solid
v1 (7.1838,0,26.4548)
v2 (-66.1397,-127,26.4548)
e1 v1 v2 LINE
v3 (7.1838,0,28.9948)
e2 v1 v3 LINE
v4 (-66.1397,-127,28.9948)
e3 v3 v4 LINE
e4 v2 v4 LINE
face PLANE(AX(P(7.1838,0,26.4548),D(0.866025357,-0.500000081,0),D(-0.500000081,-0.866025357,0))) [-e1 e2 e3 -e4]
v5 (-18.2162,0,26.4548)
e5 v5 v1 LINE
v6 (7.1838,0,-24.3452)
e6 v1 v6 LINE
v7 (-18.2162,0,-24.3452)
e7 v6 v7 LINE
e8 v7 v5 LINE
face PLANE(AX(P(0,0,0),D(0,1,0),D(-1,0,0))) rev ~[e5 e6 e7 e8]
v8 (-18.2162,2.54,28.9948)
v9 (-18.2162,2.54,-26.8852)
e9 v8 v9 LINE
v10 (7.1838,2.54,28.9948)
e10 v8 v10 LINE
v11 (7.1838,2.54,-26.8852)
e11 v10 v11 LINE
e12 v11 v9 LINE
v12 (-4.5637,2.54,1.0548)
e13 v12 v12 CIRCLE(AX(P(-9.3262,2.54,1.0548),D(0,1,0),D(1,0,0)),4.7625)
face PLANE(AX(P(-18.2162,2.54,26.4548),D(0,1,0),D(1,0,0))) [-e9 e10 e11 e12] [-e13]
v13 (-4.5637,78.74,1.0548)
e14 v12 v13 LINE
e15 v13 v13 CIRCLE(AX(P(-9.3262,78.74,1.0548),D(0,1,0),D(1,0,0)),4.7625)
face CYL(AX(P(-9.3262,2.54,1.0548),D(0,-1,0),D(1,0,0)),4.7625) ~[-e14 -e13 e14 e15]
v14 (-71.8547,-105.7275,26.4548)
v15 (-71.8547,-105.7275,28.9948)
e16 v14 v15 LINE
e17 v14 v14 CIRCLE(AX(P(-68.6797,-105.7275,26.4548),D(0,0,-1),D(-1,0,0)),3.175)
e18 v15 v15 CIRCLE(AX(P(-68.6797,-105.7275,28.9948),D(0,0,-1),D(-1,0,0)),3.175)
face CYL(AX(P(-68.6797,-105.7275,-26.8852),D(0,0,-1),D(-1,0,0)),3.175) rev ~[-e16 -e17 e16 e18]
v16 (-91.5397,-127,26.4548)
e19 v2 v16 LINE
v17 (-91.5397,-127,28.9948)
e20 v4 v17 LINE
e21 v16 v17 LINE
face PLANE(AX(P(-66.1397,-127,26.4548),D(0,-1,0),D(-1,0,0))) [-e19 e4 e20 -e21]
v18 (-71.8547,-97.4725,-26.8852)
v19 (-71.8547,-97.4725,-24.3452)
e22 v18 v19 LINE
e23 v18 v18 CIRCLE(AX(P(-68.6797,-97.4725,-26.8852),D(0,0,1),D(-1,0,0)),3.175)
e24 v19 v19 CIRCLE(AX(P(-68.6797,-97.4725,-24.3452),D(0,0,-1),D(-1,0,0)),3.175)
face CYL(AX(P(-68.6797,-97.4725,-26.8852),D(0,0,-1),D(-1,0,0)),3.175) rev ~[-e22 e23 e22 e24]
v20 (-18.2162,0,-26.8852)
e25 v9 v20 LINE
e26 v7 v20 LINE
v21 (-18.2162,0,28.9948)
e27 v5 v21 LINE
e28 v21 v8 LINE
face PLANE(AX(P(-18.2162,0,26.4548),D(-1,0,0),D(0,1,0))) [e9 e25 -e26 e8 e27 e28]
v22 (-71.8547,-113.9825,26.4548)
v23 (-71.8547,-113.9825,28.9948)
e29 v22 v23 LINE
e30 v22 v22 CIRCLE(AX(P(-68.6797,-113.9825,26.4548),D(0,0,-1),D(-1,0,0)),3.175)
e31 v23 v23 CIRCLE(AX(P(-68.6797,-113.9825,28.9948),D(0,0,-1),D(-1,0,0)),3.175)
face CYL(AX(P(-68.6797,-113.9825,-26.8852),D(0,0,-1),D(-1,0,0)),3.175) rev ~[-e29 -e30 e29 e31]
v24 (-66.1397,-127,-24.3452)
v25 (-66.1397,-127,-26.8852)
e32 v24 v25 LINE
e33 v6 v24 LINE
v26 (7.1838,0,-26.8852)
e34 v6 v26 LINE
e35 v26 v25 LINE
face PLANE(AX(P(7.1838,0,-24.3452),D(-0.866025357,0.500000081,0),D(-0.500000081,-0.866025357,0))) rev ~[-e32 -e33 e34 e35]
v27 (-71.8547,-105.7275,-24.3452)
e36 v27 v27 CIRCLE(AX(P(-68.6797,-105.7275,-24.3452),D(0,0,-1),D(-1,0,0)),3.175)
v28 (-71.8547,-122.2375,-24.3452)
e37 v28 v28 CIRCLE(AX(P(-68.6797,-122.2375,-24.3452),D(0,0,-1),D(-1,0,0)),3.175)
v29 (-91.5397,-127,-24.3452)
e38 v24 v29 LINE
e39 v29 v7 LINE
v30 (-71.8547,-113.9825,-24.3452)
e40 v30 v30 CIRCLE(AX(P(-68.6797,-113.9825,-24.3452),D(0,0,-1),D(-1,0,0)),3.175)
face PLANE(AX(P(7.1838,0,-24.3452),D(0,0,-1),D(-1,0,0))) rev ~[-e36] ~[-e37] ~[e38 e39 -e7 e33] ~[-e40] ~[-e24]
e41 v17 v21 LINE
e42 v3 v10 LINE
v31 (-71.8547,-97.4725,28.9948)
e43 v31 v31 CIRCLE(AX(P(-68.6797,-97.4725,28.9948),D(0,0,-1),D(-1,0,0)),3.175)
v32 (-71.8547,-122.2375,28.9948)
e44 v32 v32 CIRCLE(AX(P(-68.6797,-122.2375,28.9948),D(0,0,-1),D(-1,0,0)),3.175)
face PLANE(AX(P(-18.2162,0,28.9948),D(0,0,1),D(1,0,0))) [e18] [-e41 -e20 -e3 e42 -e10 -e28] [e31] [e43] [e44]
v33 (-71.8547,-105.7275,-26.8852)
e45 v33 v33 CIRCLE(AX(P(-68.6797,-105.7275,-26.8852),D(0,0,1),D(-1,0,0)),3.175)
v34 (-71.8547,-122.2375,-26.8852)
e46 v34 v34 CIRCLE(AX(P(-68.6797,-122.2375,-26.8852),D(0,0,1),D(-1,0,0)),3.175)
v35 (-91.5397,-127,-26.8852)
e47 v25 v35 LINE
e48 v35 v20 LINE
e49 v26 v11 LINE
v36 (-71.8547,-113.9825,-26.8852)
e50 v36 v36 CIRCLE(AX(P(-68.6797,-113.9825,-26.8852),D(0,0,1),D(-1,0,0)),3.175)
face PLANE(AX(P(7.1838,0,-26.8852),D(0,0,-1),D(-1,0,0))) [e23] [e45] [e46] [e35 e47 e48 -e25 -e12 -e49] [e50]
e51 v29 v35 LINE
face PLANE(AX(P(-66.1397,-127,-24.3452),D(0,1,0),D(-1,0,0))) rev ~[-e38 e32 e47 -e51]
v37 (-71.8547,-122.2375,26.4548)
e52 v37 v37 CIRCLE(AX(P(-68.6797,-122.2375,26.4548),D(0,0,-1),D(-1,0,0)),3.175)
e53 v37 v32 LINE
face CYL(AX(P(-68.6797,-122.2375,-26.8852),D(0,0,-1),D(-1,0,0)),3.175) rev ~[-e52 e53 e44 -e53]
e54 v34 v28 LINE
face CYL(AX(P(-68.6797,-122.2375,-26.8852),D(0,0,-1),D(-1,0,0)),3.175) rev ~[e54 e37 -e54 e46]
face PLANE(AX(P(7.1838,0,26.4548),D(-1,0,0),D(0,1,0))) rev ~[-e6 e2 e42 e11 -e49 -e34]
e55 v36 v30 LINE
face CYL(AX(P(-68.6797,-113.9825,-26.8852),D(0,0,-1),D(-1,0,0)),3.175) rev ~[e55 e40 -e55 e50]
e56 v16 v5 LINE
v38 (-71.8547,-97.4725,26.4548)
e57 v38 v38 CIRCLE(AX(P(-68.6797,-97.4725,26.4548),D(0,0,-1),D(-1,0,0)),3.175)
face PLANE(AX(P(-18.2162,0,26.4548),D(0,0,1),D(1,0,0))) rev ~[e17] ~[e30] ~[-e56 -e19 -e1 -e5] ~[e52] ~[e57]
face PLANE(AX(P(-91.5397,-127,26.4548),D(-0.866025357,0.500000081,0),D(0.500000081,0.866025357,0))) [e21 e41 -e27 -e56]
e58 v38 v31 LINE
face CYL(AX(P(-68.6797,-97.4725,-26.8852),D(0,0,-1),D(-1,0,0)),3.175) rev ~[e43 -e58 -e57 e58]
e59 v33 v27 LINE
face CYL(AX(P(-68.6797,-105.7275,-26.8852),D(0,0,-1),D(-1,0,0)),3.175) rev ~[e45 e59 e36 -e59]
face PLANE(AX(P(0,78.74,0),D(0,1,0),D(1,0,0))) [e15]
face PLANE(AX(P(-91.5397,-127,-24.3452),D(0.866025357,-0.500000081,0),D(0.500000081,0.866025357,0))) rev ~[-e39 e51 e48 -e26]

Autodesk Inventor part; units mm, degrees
ref_plane "YZ Plane" through (0, 0, 0) normal (1, 0, 0) x (0, 1, 0)
ref_plane "XZ Plane" through (0, 0, 0) normal (0, 1, 0) x (-1, 0, 0)
ref_plane "XY Plane" through (0, 0, 0) normal (0, 0, 1) x (1, 0, 0)
sketch "Sketch1" plane through (0, 0, 0) normal (0, 1, 0) x (-1, 0, 0)
  line L0 (18.2162, 26.4548) -> (-7.1838, 26.4548)
  line L1 (-7.1838, 26.4548) -> (-7.1838, -24.3452)
  line L2 (-7.1838, -24.3452) -> (18.2162, -24.3452)
  line L3 (18.2162, -24.3452) -> (18.2162, 26.4548)
  point P0 (0, 0)
  dimension "d0" = 50.8
  dimension "d1" = 25.4
extrude "Extrusion1" add sketch "Sketch1" along normal blind 2.54
sketch "Sketch2" plane through (7.1838, 0, -24.3452) normal (0, 0, -1) x (-1, 0, 0)
  line L0 (0, 0) -> (73.3235, -127)
  line L1 (73.3235, -127) -> (98.7235, -127)
  line L2 (0, 0) -> (25.4, 0) projected
  line L3 (98.7235, -127) -> (25.4, 0)
  line L4 (0, 2.54) -> (25.4, 2.54) projected
  line L5 (0, 0) -> (0, 2.54)
  line L6 (0, 2.54) -> (25.4, 2.54)
  line L7 (25.4, 2.54) -> (25.4, 0)
  point P0 (7.1838, 0)
  dimension "d4" = 60
  dimension "d5" = 127
extrude "Extrusion2" add sketch "Sketch2" along normal blind 2.54
sketch "Sketch3" plane through (-18.2162, 0, 26.4548) normal (0, 0, 1) x (1, 0, 0)
  line L0 (0, 0) -> (0, 2.54) projected
  line L1 (0, 0) -> (0, 2.54)
  line L2 (25.4, 0) -> (25.4, 2.54) projected
  line L3 (0, 2.54) -> (25.4, 2.54)
  line L4 (25.4, 2.54) -> (25.4, 0)
  line L5 (25.4, 0) -> (-47.9235, -127) projected
  line L6 (25.4, 0) -> (-47.9235, -127)
  line L7 (-47.9235, -127) -> (-73.3235, -127) projected
  line L8 (-47.9235, -127) -> (-73.3235, -127)
  line L9 (-73.3235, -127) -> (0, 0)
  point P0 (18.2162, 0)
extrude "Extrusion3" add sketch "Sketch3" along normal blind 2.54
sketch "Sketch4" plane through (0, 2.54, 0) normal (0, 1, 0) x (1, 0, 0)
  line L0 (7.1838, -26.4548) -> (7.1838, 24.3452) construction
  line L1 (-66.1396, -28.9948) -> (7.1838, -28.9948) construction
  line L2 (7.1838, -1.0548) -> (-9.3262, -1.0548) construction
  line L3 (-9.3262, -1.0548) -> (-9.3262, -28.9948) construction
  line L4 (-9.3262, -28.9948) -> (7.1838, -28.9948) construction
  line L5 (7.1838, -28.9948) -> (7.1838, -1.0548) construction
  circle A0 centre (-9.3262, -1.0548) radius 4.7625
  dimension "d11" = 16.51
  dimension "d12" = 9.525
extrude "Extrusion4" add sketch "Sketch4" along normal blind 76.2
sketch "Sketch5" plane through (7.1838, 0, -26.8852) normal (0, 0, -1) x (-1, 0, 0)
  line L0 (98.7235, -127) -> (25.4, 0) projected
  line L1 (98.7235, -127) -> (75.8635, -127)
  line L2 (75.8635, -127) -> (75.8635, -87.4053)
  line L3 (75.8635, -87.4053) -> (98.7235, -87.4053)
  line L4 (98.7235, -87.4053) -> (98.7235, -127)
  circle A0 centre (75.8635, -122.2375) radius 3.175
  circle A1 centre (75.8635, -113.9825) radius 3.175
  circle A2 centre (75.8635, -105.7275) radius 3.175
  circle A3 centre (75.8635, -97.4725) radius 3.175
  point P0 (7.1838, 0)
  dimension "d15" = 6.35
  dimension "d16" = 4.7625
  dimension "d17" = 22.86
  dimension "d20" = 8.255
extrude "Extrusion5" cut sketch "Sketch5" against normal through all contours A3 L2 | L2 A3 | A0 L2 | L2 A0 | A2 L2 | L2 A2 | A1 L2 | L2 A1
sketch "Sketch6" plane through (-18.2162, 0, 28.9948) normal (0, 0, 1) x (1, 0, 0)
  circle A0 centre (-50.4635, -105.7275) radius 3.175 projected
  circle A1 centre (-50.4635, -105.7275) radius 101.6 construction
  line L0 (25.4, 2.54) -> (0, 2.54) projected
  point P0 (18.2162, 0)
  point P1 (-50.4635, -4.1275)
  dimension "d27" = 203.2
  dimension "d28" = 6.6675
properties part number "Wheel-Housing"
